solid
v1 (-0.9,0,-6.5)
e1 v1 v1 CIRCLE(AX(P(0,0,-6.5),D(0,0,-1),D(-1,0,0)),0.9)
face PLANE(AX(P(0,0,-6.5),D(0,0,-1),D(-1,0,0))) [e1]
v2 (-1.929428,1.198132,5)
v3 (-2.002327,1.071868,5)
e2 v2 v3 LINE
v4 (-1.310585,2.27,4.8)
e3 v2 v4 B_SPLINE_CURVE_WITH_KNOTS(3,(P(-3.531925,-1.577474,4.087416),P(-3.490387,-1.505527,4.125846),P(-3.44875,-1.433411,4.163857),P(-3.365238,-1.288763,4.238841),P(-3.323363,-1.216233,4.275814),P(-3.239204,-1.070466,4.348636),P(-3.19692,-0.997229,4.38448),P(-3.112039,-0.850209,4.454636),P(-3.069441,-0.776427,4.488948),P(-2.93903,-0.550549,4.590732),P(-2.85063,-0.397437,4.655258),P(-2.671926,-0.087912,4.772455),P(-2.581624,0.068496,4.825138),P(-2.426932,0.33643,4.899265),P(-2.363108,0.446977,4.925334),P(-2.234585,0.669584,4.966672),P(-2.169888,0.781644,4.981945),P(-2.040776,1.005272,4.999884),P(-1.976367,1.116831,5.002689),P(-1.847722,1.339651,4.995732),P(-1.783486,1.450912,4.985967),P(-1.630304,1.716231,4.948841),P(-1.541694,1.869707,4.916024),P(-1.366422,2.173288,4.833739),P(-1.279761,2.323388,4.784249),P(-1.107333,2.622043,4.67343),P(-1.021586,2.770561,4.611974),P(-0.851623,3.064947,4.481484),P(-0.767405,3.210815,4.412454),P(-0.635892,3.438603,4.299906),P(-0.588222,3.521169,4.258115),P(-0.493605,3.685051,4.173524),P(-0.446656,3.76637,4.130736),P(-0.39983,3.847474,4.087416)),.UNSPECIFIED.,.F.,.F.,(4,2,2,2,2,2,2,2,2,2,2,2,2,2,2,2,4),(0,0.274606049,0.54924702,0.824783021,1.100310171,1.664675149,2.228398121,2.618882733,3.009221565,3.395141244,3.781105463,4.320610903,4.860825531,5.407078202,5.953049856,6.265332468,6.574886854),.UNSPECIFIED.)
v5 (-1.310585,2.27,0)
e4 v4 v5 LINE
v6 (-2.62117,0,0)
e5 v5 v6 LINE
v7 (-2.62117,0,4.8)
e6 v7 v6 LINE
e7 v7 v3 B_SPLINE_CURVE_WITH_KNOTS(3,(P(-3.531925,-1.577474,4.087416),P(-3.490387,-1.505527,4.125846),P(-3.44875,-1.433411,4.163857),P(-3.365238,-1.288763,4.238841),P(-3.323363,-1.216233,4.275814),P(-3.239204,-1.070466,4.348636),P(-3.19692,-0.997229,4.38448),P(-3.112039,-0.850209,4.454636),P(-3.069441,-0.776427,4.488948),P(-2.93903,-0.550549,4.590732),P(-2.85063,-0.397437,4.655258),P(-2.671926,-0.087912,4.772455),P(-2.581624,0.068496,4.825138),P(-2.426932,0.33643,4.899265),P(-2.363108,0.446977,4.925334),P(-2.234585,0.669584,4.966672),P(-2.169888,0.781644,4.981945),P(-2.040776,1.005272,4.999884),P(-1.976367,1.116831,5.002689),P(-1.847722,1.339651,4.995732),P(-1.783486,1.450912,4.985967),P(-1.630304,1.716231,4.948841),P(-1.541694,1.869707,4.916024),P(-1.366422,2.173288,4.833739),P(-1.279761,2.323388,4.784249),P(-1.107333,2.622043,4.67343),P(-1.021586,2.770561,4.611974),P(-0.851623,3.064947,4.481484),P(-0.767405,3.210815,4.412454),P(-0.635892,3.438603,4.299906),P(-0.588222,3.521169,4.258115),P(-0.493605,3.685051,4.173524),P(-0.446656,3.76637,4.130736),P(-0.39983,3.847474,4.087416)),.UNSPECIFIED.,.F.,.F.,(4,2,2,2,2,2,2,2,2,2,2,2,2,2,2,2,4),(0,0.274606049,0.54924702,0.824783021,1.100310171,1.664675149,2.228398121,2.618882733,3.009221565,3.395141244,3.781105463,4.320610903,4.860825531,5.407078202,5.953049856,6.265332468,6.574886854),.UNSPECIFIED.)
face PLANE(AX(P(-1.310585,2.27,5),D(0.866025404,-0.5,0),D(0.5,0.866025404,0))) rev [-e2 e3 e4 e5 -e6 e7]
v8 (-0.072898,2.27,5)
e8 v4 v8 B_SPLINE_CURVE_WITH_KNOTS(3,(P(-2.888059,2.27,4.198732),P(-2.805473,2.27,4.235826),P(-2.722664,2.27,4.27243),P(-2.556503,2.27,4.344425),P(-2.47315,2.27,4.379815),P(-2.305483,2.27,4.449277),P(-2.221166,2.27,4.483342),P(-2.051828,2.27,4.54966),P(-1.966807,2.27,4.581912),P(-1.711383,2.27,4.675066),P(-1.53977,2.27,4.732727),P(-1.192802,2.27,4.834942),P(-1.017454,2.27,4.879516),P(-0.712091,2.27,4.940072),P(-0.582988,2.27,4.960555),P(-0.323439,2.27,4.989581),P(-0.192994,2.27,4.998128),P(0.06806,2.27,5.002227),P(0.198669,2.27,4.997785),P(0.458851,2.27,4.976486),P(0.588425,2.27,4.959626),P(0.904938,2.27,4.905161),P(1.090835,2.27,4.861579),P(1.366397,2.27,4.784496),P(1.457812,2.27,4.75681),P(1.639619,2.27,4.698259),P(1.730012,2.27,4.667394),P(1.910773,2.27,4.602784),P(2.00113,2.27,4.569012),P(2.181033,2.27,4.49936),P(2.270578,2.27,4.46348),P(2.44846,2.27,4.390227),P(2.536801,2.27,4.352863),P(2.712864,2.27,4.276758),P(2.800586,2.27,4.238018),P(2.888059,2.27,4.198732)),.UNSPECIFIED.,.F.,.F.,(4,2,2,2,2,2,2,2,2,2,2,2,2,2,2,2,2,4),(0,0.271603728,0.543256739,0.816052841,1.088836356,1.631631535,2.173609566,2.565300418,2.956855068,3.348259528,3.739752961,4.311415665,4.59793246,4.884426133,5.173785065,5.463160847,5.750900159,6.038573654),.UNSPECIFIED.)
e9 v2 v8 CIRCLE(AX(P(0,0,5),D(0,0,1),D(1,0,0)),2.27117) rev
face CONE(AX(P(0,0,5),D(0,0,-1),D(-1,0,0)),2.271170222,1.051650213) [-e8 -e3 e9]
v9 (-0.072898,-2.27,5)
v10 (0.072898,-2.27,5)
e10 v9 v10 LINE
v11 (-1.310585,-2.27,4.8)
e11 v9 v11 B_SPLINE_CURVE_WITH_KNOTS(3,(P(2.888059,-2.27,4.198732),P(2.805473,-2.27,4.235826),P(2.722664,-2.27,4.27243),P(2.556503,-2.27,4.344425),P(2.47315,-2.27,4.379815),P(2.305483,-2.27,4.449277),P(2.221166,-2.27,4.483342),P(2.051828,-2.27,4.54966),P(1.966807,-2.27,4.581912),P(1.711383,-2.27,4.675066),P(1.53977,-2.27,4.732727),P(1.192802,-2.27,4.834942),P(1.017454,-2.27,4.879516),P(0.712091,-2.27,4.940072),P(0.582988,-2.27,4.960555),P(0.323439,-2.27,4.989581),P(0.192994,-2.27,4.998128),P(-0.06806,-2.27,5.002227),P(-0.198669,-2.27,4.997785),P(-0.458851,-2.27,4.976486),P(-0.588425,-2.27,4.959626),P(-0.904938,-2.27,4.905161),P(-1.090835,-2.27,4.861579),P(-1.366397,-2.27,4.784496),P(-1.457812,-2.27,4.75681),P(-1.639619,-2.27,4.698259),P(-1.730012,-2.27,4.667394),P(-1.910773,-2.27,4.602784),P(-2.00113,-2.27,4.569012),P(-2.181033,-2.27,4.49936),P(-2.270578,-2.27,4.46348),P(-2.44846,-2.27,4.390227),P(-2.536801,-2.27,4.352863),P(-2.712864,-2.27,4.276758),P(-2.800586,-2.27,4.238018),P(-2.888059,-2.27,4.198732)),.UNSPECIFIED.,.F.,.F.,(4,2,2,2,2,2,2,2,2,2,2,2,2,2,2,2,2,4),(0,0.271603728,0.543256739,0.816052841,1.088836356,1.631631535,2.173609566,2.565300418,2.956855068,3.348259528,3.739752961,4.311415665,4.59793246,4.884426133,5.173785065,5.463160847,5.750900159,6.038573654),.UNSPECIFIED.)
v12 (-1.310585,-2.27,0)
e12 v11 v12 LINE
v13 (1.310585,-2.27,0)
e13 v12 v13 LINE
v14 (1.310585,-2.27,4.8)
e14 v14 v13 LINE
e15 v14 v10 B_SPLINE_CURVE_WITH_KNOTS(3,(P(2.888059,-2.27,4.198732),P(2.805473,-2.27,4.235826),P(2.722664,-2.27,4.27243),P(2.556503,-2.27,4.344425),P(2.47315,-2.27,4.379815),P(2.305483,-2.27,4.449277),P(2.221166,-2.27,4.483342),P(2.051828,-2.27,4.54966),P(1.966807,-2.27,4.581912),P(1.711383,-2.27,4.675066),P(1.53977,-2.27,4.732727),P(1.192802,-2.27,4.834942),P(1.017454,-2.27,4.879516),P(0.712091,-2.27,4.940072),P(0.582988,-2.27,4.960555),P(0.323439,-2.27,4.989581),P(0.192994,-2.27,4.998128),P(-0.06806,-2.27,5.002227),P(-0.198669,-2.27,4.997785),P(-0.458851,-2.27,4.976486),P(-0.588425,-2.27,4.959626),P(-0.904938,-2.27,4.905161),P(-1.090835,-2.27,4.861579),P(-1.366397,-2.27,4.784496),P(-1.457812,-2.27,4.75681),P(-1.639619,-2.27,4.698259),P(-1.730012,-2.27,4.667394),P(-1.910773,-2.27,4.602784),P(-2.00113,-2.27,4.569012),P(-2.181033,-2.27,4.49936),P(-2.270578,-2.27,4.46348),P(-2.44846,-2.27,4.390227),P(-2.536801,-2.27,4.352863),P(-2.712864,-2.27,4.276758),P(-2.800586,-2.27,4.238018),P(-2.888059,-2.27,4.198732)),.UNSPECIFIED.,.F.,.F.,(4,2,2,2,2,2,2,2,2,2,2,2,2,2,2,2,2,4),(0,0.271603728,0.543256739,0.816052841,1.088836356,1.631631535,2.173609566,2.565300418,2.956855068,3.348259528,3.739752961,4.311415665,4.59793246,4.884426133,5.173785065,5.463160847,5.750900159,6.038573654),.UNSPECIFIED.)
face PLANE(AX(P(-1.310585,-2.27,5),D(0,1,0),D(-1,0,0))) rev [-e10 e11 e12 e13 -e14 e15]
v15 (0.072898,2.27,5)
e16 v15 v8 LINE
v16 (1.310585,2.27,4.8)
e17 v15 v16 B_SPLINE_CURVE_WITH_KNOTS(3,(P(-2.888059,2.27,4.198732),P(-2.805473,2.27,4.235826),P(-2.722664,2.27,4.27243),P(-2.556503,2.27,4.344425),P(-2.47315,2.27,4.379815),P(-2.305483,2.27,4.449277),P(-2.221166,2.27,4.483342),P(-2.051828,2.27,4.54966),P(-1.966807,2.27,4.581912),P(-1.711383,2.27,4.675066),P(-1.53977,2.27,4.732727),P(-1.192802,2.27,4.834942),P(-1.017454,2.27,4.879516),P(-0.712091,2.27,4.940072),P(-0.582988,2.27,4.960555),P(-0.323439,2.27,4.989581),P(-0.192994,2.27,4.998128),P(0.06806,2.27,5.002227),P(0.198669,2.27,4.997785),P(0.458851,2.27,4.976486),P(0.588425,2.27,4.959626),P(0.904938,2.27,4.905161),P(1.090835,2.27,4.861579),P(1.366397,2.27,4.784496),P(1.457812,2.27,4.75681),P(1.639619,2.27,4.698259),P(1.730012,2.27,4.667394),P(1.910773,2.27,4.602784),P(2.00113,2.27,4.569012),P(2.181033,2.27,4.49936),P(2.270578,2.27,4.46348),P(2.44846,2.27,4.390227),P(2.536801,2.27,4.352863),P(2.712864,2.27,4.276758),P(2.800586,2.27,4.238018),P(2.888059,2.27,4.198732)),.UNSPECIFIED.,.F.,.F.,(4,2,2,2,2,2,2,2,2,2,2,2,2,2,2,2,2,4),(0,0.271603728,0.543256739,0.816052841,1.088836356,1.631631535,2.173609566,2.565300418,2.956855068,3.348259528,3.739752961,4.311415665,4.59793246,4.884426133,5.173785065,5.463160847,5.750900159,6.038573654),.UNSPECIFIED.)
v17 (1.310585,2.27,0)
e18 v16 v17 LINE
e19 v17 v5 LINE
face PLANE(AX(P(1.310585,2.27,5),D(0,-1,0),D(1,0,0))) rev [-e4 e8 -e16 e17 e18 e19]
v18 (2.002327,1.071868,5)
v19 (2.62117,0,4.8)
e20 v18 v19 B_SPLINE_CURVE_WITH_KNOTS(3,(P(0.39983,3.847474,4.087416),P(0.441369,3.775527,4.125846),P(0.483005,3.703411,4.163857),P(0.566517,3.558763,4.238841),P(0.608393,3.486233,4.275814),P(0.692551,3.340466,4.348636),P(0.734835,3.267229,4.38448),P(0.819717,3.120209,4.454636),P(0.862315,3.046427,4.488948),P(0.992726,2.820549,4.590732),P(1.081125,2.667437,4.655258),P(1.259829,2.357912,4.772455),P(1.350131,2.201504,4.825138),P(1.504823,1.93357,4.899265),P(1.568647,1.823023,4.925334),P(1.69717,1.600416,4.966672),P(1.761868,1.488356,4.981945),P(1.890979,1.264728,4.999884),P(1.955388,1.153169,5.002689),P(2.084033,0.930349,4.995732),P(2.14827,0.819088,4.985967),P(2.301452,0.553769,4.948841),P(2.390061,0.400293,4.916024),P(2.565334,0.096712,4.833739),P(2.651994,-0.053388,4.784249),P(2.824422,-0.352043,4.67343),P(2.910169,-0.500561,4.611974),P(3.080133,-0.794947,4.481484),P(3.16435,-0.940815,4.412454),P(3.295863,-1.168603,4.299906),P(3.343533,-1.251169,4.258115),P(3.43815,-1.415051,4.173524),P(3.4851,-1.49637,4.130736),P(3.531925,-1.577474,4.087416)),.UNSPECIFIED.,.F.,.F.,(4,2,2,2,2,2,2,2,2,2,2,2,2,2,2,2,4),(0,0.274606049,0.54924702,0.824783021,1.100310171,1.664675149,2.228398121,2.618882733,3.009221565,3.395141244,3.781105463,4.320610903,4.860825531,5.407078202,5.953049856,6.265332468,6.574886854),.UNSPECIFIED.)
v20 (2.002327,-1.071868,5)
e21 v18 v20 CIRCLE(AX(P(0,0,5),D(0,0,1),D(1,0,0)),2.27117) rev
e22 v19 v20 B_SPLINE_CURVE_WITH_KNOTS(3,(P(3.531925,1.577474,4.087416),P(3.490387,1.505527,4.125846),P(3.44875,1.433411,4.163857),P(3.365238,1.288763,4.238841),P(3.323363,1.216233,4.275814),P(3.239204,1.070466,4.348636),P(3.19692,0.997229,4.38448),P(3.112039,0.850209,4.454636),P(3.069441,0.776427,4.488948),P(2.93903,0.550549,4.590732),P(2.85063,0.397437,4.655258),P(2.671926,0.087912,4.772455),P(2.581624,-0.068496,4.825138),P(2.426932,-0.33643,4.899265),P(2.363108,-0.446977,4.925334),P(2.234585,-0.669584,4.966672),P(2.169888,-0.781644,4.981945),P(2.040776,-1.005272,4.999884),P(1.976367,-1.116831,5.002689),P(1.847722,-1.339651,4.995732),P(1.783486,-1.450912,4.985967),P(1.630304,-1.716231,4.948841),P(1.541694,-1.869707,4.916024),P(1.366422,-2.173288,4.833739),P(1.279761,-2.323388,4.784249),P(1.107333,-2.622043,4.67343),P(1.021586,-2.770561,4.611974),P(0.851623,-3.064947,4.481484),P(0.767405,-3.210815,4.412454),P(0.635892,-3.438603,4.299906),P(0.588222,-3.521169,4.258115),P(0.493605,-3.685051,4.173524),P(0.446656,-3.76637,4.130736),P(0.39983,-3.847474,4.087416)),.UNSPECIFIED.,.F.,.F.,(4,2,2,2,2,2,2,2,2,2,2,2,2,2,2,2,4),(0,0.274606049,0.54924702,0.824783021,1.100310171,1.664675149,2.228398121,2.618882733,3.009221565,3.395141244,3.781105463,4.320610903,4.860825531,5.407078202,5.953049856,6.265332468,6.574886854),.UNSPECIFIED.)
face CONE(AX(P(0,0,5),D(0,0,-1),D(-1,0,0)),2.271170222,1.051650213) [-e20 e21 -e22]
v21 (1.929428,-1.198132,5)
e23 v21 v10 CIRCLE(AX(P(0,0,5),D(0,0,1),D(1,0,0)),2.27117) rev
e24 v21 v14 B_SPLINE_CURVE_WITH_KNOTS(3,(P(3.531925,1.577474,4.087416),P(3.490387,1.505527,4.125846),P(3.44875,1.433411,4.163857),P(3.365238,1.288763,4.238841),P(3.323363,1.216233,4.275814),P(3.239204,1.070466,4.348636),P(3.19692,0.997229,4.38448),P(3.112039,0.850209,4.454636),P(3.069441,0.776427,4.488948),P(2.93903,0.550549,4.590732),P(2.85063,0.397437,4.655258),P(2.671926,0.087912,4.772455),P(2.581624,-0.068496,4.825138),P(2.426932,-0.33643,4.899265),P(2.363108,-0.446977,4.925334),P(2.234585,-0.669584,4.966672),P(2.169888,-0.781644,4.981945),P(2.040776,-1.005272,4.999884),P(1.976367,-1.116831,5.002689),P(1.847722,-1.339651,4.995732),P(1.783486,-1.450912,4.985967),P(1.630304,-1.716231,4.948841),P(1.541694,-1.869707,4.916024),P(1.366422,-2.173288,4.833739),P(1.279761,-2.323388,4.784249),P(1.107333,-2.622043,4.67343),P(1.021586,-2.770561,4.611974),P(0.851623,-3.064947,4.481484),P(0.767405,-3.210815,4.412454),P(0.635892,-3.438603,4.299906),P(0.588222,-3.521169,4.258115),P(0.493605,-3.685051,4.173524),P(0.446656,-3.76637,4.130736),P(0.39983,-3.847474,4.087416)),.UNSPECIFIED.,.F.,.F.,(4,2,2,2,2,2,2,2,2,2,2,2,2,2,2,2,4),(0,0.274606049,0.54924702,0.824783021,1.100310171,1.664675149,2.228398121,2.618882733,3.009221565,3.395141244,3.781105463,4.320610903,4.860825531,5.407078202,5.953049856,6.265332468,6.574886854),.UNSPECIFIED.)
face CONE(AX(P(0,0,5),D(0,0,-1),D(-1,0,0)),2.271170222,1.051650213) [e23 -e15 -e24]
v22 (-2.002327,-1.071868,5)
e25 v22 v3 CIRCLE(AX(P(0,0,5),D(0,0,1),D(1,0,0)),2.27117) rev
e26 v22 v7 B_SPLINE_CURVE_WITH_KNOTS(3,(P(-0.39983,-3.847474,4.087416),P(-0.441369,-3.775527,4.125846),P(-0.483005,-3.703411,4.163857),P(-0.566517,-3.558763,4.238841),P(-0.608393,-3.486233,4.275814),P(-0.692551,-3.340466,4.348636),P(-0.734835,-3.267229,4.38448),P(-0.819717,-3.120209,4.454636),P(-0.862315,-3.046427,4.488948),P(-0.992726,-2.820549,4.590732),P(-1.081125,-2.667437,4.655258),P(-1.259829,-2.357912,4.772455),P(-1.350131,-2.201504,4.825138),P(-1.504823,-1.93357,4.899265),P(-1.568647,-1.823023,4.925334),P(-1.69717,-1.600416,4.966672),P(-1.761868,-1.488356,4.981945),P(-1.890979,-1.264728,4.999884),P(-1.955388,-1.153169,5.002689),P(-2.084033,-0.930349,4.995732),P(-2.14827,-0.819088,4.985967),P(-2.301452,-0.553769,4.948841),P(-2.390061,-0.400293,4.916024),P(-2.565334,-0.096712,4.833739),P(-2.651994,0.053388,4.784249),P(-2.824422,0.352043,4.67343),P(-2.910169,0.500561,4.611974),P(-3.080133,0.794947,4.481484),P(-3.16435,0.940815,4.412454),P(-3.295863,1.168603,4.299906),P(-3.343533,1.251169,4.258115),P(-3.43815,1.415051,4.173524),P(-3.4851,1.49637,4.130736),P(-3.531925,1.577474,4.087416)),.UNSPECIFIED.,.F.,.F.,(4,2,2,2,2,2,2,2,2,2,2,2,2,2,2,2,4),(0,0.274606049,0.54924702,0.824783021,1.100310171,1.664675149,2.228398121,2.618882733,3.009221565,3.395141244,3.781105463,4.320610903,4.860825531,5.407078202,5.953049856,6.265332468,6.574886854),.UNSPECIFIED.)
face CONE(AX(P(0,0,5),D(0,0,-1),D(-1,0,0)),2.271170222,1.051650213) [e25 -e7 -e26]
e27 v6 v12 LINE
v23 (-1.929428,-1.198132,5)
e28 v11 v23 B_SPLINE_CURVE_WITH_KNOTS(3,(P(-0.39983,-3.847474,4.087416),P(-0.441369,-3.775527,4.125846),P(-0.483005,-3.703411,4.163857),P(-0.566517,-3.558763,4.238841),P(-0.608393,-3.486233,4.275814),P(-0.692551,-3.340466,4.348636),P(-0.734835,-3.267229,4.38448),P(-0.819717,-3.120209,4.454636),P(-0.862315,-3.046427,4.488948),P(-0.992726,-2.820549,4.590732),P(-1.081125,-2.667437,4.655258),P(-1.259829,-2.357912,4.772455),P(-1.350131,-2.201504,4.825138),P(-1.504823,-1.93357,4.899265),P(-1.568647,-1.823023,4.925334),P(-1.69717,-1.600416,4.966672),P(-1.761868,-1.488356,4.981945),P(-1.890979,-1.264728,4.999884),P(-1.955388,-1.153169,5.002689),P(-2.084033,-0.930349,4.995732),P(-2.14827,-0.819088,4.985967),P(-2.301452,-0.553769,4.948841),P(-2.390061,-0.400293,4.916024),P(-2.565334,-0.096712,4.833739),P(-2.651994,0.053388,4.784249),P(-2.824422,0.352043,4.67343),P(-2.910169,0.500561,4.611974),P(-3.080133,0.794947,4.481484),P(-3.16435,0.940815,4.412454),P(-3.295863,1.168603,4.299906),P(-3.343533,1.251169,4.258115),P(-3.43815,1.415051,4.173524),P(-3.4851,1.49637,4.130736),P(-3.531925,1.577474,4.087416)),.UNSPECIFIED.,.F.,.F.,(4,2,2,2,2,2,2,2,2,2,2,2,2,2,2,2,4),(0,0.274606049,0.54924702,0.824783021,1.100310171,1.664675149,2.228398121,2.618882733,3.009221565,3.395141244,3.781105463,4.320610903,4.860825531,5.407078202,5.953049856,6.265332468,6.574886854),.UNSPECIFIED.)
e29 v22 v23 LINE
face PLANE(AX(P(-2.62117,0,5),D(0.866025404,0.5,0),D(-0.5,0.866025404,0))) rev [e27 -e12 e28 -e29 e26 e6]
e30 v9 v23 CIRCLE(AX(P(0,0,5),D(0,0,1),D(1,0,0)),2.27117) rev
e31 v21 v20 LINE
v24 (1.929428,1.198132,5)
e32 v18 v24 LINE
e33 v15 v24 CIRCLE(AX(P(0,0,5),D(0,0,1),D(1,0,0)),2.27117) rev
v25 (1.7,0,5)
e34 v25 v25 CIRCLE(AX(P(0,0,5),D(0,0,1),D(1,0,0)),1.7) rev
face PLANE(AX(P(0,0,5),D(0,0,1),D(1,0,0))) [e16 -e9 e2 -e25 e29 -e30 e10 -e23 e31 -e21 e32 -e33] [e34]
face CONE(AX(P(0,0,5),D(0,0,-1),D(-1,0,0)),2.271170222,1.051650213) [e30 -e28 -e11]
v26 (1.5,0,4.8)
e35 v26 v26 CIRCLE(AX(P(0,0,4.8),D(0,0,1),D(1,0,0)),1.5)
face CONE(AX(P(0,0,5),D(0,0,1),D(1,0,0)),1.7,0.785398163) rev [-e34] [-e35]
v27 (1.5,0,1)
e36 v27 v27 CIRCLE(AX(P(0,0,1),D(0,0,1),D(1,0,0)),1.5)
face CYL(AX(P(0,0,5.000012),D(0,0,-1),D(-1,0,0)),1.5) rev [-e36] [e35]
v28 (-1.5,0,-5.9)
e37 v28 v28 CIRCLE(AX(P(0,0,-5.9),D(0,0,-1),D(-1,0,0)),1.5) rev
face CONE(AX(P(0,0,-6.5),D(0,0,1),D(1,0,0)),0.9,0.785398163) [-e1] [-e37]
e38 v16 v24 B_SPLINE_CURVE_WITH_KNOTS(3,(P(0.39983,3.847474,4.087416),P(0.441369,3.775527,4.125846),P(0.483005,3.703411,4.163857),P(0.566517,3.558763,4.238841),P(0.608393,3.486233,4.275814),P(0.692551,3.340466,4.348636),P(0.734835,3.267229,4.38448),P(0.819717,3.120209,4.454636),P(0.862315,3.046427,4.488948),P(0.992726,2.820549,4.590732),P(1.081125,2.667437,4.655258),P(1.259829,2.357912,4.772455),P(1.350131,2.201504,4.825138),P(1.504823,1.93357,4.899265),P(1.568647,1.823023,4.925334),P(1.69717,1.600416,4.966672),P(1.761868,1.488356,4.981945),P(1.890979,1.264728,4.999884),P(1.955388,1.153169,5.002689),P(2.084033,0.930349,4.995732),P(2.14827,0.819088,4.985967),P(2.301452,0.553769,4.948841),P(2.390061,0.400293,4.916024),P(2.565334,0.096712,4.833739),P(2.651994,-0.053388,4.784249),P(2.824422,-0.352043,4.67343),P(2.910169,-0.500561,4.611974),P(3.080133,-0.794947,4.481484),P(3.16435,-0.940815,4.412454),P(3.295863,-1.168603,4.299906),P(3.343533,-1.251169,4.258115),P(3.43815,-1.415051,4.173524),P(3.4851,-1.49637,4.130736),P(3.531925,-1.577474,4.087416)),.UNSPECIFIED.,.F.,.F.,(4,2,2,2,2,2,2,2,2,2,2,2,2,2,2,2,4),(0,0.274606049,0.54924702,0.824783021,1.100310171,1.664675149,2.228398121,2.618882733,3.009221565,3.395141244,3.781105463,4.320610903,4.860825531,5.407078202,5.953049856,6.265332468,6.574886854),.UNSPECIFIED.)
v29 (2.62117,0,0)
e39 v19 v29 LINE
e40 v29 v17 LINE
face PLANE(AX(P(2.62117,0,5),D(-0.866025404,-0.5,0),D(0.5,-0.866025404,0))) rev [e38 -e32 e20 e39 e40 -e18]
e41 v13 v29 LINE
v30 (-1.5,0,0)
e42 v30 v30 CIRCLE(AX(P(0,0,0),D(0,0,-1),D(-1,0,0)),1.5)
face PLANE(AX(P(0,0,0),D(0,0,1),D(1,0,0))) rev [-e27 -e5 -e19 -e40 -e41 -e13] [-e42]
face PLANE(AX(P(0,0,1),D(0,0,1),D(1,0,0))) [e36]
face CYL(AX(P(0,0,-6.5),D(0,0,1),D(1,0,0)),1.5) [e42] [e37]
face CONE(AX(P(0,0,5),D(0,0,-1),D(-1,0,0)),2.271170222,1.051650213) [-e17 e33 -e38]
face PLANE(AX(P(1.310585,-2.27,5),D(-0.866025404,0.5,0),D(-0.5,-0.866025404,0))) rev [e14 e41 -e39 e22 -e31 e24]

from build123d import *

# Parameters (mm, degrees)
BOSS_EXTRUDE1_DEPTH     = 5
SKETCH2_R               = 1.5
CUT_EXTRUDE1_DEPTH      = 1
CUT_EXTRUDE1_DEPTH_BACK = 4
CHAMFER1_SIZE           = 0.2
SKETCH4_R               = 1.5
BOSS_EXTRUDE2_DEPTH     = 6.5
CHAMFER2_SIZE           = 0.6


with BuildPart() as part:
    # Sketch1 → Boss-Extrude1 (new body)
    with BuildSketch(Plane.XY):
        Polygon((2.621170222, 0), (1.310585111, 2.27), (-1.310585111, 2.27), (-2.621170222, 0), (-1.310585111, -2.27), (1.310585111, -2.27), align=None)
    extrude(amount=BOSS_EXTRUDE1_DEPTH)

    # Sketch2 → Cut-Extrude1 (cut, two sides)
    with BuildSketch(Plane.XY.offset(5)) as cut_extrude1_sk:
        Circle(SKETCH2_R)
    extrude(amount=CUT_EXTRUDE1_DEPTH, mode=Mode.SUBTRACT)
    extrude(cut_extrude1_sk.sketch, amount=-CUT_EXTRUDE1_DEPTH_BACK, mode=Mode.SUBTRACT)

    # Sketch3 → Cut-Revolve1 (revolve, cut)
    with BuildSketch(Plane(origin=(0, 0, 0), x_dir=(1, 0, 0), z_dir=(0, 1, 0))):
        Polygon((-2.621170222, -5), (-2.271170222, -5), (-2.621170222, -4.8), align=None)
    revolve(axis=Axis((0, 0, 1), (0, 0, 1)), mode=Mode.SUBTRACT)

    # Chamfer1
    chamfer1_edges = [part.edges().sort_by_distance(p)[0] for p in [
        (-1.5, 0, 5),
    ]]
    chamfer(chamfer1_edges, length=CHAMFER1_SIZE)

    # Sketch4 → Boss-Extrude2 (add)
    with BuildSketch(Plane(origin=(0, 0, 0), x_dir=(-1, 0, 0), z_dir=(0, 0, -1))):
        Circle(SKETCH4_R)
    extrude(amount=BOSS_EXTRUDE2_DEPTH)

    # Chamfer2
    chamfer2_edges = [part.edges().sort_by_distance(p)[0] for p in [
        (1.5, 0, -6.5),
    ]]
    chamfer(chamfer2_edges, length=CHAMFER2_SIZE)


solid = part.part
